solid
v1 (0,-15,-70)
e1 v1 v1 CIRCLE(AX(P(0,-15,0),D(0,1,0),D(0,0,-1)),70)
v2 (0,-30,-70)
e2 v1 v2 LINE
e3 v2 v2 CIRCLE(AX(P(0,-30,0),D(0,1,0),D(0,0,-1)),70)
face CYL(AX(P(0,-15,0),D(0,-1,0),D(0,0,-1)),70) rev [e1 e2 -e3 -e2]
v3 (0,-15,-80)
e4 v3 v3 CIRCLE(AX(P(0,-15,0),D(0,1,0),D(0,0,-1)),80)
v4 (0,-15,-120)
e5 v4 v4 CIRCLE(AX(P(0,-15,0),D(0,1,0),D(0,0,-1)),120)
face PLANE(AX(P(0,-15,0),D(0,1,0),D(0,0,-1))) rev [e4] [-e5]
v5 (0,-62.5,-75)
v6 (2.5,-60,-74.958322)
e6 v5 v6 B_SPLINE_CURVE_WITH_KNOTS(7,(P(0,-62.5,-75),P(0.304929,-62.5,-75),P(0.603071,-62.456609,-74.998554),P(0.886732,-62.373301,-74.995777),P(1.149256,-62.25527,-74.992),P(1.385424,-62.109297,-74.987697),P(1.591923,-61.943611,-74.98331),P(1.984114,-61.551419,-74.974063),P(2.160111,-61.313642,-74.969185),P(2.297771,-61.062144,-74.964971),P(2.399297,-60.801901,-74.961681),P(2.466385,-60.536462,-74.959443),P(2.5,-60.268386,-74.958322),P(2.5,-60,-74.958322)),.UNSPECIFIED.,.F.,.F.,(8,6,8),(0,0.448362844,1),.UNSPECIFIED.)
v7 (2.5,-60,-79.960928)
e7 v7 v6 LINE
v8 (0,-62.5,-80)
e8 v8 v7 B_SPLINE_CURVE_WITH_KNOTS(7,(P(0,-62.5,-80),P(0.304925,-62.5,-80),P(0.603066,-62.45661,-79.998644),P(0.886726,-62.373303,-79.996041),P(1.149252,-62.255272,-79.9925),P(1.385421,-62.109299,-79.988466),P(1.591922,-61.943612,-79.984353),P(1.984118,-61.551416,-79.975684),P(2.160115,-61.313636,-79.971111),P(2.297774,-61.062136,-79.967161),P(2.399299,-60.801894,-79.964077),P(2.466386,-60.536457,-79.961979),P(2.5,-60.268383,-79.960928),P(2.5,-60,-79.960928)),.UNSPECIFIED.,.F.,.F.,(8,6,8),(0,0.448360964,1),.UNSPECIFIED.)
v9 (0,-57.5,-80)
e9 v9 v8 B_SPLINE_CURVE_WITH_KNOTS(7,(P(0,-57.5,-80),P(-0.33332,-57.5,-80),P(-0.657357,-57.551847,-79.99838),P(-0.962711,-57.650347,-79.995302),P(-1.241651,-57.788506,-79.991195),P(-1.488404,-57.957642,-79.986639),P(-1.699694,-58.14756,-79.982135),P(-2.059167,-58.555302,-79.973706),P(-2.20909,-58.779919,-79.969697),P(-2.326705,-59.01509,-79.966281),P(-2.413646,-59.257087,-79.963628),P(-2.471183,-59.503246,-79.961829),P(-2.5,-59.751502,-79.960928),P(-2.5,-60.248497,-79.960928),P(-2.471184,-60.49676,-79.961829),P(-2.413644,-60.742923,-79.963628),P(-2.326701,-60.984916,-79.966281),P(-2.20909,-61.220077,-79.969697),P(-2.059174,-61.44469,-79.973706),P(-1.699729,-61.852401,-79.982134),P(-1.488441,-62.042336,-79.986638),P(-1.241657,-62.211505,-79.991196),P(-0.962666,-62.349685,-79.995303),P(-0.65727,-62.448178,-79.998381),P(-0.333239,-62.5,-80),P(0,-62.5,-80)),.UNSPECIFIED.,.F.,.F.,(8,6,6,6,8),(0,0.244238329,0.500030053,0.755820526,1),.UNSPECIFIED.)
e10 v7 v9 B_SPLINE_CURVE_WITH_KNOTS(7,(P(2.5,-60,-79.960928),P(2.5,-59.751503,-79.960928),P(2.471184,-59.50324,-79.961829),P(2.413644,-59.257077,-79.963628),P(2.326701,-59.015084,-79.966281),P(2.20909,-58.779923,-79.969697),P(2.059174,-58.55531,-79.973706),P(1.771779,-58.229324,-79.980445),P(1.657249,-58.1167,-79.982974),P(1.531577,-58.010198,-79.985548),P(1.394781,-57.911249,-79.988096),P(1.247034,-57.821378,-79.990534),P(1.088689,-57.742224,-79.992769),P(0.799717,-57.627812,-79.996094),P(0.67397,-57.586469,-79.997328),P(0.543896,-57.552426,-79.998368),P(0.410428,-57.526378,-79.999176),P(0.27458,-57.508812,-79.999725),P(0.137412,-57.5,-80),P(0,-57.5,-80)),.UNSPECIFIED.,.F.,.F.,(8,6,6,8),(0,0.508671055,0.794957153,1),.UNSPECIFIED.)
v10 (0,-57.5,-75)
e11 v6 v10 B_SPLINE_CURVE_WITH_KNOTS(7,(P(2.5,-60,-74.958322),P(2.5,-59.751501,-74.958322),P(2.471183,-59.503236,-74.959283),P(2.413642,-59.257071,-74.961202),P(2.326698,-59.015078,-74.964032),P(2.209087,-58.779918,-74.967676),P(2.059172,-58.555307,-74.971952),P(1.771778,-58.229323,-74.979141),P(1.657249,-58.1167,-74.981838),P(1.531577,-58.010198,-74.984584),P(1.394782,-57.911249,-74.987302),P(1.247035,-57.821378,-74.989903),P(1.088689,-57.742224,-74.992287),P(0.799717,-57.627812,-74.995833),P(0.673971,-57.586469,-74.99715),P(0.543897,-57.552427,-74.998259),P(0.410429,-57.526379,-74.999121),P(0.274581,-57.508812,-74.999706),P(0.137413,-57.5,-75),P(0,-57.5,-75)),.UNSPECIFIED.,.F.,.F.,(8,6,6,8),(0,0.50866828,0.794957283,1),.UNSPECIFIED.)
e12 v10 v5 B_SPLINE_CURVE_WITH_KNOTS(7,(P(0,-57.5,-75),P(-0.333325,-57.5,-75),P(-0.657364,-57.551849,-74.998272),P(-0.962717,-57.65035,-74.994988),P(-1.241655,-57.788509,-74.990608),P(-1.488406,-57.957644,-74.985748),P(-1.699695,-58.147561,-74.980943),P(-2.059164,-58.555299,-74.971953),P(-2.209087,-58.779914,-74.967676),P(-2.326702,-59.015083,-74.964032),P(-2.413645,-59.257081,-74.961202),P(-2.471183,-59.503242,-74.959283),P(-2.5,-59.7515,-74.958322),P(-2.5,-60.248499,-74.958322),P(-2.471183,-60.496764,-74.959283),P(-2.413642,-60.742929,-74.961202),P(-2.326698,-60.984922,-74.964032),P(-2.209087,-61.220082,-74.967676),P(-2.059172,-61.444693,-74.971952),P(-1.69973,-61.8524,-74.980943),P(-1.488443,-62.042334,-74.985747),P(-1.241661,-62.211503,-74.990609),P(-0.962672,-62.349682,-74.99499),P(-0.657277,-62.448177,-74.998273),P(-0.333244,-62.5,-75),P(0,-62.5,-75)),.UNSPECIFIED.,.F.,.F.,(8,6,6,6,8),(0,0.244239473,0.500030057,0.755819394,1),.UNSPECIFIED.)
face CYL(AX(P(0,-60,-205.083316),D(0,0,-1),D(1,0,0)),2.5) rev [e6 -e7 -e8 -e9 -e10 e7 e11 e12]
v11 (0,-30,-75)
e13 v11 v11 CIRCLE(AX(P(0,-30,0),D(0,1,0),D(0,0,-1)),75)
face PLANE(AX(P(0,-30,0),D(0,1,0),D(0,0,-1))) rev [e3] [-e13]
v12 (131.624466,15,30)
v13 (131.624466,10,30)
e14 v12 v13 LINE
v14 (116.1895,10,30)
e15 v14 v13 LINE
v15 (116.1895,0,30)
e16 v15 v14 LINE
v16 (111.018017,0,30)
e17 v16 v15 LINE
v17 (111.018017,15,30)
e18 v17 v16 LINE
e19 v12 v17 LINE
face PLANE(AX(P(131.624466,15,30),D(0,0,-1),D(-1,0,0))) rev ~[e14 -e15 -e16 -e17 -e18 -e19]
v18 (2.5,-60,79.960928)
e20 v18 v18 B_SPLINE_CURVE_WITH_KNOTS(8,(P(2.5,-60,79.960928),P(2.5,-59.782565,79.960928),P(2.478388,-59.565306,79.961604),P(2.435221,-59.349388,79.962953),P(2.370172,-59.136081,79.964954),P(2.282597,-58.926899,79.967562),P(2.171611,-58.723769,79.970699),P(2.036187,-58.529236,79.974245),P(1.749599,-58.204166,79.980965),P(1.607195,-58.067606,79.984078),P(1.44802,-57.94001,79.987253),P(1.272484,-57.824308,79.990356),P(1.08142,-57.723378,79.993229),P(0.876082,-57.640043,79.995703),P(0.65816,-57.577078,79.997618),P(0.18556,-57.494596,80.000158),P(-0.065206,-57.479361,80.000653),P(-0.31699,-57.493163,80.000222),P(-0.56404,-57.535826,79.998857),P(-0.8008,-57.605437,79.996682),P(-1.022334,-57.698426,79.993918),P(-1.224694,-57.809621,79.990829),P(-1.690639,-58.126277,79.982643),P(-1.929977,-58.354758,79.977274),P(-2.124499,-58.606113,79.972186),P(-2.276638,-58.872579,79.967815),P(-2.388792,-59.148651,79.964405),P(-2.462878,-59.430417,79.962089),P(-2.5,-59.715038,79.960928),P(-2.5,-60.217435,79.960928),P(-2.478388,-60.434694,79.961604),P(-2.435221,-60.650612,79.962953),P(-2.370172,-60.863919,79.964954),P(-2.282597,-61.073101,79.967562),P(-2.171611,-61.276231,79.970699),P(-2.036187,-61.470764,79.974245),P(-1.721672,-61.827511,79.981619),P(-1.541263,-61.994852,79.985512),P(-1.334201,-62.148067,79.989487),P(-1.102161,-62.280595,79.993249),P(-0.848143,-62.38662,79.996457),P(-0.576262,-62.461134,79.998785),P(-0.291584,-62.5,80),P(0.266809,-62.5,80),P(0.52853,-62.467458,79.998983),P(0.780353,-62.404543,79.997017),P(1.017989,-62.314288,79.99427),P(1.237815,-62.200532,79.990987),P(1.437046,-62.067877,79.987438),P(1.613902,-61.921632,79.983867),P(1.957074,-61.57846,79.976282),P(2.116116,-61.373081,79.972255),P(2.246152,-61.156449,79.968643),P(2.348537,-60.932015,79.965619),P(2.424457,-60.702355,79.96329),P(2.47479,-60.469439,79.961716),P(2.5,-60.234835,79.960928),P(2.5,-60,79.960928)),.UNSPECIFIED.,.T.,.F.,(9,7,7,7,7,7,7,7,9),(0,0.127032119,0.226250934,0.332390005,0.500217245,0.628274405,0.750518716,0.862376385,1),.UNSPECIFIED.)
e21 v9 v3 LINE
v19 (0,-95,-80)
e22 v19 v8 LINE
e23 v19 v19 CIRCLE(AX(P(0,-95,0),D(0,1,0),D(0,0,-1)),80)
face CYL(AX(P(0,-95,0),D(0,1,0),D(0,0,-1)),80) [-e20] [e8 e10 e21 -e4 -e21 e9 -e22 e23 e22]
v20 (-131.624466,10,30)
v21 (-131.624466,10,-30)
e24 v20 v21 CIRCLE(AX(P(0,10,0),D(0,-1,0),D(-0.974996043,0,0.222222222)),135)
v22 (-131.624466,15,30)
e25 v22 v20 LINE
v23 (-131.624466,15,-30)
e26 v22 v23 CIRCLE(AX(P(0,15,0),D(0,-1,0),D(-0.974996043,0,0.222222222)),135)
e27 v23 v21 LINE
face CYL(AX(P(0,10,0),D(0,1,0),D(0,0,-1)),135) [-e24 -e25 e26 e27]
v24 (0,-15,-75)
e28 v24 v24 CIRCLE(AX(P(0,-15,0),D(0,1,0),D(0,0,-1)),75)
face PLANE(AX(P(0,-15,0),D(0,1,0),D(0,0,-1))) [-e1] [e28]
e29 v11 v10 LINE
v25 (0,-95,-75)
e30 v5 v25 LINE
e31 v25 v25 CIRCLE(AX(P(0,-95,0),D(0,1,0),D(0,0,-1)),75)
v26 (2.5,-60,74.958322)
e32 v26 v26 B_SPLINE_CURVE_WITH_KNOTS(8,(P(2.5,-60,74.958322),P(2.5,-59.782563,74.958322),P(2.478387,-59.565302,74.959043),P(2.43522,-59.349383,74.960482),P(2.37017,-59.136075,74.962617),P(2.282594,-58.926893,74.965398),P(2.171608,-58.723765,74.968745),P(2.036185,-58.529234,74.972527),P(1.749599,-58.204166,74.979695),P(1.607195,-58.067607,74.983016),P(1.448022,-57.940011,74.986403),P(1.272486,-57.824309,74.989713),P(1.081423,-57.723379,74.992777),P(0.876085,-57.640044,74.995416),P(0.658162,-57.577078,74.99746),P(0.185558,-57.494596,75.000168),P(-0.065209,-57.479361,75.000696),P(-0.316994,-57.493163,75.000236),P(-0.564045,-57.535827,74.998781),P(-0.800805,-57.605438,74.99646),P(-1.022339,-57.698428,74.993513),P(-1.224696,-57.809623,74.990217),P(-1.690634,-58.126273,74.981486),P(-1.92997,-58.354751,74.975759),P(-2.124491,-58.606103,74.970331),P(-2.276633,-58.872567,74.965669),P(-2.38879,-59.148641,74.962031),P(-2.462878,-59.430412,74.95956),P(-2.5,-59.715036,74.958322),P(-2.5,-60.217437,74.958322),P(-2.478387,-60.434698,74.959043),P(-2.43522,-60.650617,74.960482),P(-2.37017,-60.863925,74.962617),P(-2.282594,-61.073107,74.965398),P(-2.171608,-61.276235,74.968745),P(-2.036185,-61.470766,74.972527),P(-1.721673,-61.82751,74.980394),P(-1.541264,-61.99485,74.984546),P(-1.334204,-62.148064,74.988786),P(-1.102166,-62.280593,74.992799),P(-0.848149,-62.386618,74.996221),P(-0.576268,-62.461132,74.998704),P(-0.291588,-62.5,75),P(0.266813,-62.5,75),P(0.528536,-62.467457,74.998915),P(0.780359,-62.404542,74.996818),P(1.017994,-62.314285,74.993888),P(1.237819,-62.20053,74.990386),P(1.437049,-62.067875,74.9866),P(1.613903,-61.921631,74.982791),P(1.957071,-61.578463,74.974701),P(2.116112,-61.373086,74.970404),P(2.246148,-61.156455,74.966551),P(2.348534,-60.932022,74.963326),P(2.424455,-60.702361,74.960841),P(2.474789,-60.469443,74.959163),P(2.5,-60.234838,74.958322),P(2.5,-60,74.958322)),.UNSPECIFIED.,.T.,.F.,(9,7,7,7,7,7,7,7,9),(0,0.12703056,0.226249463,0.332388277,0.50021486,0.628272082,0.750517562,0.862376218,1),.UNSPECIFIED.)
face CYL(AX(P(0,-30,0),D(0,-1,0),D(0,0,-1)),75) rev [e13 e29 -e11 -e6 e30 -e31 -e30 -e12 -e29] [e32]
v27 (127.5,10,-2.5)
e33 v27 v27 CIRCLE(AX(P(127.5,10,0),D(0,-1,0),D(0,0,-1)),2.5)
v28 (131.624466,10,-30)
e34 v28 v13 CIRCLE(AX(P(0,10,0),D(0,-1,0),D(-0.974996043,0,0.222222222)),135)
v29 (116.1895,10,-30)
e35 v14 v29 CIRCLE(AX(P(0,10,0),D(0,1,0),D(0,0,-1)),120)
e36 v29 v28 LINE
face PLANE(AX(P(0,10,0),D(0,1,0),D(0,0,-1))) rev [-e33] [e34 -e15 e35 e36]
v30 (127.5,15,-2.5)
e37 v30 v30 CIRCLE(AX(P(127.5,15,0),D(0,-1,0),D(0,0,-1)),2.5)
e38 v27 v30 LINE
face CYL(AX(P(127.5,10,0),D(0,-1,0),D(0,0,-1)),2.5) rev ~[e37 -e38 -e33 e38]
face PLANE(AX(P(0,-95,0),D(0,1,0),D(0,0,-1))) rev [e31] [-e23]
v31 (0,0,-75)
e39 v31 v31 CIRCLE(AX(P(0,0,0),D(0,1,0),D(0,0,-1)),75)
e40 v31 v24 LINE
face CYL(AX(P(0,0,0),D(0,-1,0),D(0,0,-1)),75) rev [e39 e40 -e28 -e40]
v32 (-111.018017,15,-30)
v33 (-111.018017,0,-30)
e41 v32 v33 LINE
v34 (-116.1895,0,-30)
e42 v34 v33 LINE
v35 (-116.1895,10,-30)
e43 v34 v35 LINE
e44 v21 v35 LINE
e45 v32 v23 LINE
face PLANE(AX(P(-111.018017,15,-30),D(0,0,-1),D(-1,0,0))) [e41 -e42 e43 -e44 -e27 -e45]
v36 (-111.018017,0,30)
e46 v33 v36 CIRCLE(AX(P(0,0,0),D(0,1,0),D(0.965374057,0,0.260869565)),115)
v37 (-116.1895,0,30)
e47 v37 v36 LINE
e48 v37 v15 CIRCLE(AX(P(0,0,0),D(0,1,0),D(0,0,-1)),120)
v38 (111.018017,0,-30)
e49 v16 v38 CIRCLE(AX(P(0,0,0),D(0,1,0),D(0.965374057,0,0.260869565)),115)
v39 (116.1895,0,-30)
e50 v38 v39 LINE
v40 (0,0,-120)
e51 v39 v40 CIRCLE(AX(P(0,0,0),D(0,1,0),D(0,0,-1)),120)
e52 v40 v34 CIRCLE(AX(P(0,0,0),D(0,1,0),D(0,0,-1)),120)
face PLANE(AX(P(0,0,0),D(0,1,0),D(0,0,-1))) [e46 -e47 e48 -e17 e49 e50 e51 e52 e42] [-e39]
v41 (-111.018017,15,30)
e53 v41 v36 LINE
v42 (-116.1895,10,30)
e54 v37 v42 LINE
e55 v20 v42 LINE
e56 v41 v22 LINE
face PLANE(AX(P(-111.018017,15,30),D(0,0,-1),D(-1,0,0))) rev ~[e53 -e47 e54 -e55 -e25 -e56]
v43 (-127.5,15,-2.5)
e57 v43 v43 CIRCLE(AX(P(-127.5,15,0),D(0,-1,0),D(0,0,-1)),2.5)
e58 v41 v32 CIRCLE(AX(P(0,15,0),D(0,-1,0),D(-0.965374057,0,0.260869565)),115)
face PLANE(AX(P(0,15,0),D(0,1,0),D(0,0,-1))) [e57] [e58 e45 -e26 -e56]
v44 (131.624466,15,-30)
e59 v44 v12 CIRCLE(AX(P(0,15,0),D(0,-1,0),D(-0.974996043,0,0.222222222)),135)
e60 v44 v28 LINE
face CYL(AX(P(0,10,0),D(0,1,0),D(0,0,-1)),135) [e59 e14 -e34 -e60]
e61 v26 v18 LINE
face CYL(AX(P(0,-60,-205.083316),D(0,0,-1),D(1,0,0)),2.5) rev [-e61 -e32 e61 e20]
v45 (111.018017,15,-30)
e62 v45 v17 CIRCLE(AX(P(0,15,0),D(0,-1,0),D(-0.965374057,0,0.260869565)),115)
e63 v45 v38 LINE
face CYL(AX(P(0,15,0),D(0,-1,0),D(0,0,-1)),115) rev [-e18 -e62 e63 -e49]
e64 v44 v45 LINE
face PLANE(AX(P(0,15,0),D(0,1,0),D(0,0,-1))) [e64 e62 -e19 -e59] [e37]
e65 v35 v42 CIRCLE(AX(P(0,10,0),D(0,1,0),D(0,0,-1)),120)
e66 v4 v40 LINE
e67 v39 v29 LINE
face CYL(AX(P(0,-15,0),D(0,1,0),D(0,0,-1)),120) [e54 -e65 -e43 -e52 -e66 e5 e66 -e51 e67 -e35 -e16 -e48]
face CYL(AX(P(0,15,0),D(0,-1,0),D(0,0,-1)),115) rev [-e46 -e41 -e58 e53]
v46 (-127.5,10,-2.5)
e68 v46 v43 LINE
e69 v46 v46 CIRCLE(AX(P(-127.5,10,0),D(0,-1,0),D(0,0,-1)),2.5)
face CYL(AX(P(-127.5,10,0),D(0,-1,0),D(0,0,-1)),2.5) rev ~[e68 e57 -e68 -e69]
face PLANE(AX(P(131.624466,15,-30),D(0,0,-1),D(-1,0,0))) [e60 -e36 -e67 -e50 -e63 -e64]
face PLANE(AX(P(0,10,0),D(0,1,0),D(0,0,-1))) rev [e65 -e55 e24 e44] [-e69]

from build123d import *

# Parameters (mm, degrees)
SKETCH2_R               = 2.5
CUT_EXTRUDE3_DEPTH      = 5
CUT_EXTRUDE4_REACH      = 222.341
CUT_EXTRUDE6_DEPTH      = 205.08331632
CUT_EXTRUDE6_DEPTH_BACK = 205.08331632
SKETCH6_R               = 2.5


with BuildPart() as part:
    # Sketch1 → Revolve1 (revolve)
    with BuildSketch(Plane.XY, mode=Mode.PRIVATE) as revolve1_sk:
        Polygon((-80, -95), (-80, -15), (-120, -15), (-120, 10), (-135, 10), (-135, 15), (-115, 15), (-115, 0), (-75, 0), (-75, -15), (-70, -15), (-70, -30), (-75, -30), (-75, -95), align=None)
    revolve(revolve1_sk.sketch.rotate(Axis((0, -100.5, 0), (0, 1, 0)), 270), axis=Axis((0, -100.5, 0), (0, 1, 0)))

    # Sketch2 → Cut-Extrude3 (cut)
    with BuildSketch(Plane.XZ.offset(-10)):
        with Locations(Location((127.5, 0, 0), (0, 0, 270))):
            Circle(SKETCH2_R)
        with Locations(Location((-127.5, 0, 0), (0, 0, 270))):
            Circle(SKETCH2_R)
    extrude(amount=-CUT_EXTRUDE3_DEPTH, mode=Mode.SUBTRACT)

    # Cut-Extrude4: up to this face of the body (flat: up to its plane)
    cut_extrude4_end = Plane(part.part.faces().sort_by_distance((0, 0, 111.747308807))[0])
    # Sketch3 → Cut-Extrude4 (cut, up to the picked face)
    with BuildSketch(Plane(origin=(0, 15, 0), x_dir=(1, 0, 0), z_dir=(0, 1, 0)), mode=Mode.PRIVATE) as cut_extrude4_sk1:
        with BuildLine():
            Line((-111.018016556, -30), (-131.624465811, -30))
            ThreePointArc((-131.624465811, -30), (0, -135), (131.624465811, -30))
            Line((131.624465811, -30), (111.018016556, -30))
            ThreePointArc((111.018016556, -30), (0, -115), (-111.018016556, -30))
        make_face()
    cut_extrude4_tool1 = split(extrude(cut_extrude4_sk1.sketch, amount=-CUT_EXTRUDE4_REACH, mode=Mode.PRIVATE), bisect_by=cut_extrude4_end, keep=Keep.BOTH, mode=Mode.PRIVATE)
    # Sketch3 → Cut-Extrude4 (cut, up to the picked face)
    with BuildSketch(Plane(origin=(0, 15, 0), x_dir=(1, 0, 0), z_dir=(0, 1, 0)), mode=Mode.PRIVATE) as cut_extrude4_sk2:
        with BuildLine():
            Line((131.624465811, 30), (111.018016556, 30))
            ThreePointArc((111.018016556, 30), (0, 115), (-111.018016556, 30))
            Line((-111.018016556, 30), (-131.624465811, 30))
            ThreePointArc((-131.624465811, 30), (0, 135), (131.624465811, 30))
        make_face()
    cut_extrude4_tool2 = split(extrude(cut_extrude4_sk2.sketch, amount=-CUT_EXTRUDE4_REACH, mode=Mode.PRIVATE), bisect_by=cut_extrude4_end, keep=Keep.BOTH, mode=Mode.PRIVATE)
    add(cut_extrude4_tool1.solids().sort_by(Axis((-121.321241, 15, 32.834167), (0, -1, 0)))[0], mode=Mode.SUBTRACT)
    add(cut_extrude4_tool2.solids().sort_by(Axis((-121.321241, 15, -32.834167), (0, -1, 0)))[0], mode=Mode.SUBTRACT)

    # Sketch6 → Cut-Extrude6 (cut, two sides: drawn at the far end of the back side and taken through both)
    with BuildSketch(Plane.XY.offset(-CUT_EXTRUDE6_DEPTH_BACK)):
        with Locations((0, -60)):
            Circle(SKETCH6_R)
    extrude(amount=CUT_EXTRUDE6_DEPTH + CUT_EXTRUDE6_DEPTH_BACK, mode=Mode.SUBTRACT)


solid = part.part
